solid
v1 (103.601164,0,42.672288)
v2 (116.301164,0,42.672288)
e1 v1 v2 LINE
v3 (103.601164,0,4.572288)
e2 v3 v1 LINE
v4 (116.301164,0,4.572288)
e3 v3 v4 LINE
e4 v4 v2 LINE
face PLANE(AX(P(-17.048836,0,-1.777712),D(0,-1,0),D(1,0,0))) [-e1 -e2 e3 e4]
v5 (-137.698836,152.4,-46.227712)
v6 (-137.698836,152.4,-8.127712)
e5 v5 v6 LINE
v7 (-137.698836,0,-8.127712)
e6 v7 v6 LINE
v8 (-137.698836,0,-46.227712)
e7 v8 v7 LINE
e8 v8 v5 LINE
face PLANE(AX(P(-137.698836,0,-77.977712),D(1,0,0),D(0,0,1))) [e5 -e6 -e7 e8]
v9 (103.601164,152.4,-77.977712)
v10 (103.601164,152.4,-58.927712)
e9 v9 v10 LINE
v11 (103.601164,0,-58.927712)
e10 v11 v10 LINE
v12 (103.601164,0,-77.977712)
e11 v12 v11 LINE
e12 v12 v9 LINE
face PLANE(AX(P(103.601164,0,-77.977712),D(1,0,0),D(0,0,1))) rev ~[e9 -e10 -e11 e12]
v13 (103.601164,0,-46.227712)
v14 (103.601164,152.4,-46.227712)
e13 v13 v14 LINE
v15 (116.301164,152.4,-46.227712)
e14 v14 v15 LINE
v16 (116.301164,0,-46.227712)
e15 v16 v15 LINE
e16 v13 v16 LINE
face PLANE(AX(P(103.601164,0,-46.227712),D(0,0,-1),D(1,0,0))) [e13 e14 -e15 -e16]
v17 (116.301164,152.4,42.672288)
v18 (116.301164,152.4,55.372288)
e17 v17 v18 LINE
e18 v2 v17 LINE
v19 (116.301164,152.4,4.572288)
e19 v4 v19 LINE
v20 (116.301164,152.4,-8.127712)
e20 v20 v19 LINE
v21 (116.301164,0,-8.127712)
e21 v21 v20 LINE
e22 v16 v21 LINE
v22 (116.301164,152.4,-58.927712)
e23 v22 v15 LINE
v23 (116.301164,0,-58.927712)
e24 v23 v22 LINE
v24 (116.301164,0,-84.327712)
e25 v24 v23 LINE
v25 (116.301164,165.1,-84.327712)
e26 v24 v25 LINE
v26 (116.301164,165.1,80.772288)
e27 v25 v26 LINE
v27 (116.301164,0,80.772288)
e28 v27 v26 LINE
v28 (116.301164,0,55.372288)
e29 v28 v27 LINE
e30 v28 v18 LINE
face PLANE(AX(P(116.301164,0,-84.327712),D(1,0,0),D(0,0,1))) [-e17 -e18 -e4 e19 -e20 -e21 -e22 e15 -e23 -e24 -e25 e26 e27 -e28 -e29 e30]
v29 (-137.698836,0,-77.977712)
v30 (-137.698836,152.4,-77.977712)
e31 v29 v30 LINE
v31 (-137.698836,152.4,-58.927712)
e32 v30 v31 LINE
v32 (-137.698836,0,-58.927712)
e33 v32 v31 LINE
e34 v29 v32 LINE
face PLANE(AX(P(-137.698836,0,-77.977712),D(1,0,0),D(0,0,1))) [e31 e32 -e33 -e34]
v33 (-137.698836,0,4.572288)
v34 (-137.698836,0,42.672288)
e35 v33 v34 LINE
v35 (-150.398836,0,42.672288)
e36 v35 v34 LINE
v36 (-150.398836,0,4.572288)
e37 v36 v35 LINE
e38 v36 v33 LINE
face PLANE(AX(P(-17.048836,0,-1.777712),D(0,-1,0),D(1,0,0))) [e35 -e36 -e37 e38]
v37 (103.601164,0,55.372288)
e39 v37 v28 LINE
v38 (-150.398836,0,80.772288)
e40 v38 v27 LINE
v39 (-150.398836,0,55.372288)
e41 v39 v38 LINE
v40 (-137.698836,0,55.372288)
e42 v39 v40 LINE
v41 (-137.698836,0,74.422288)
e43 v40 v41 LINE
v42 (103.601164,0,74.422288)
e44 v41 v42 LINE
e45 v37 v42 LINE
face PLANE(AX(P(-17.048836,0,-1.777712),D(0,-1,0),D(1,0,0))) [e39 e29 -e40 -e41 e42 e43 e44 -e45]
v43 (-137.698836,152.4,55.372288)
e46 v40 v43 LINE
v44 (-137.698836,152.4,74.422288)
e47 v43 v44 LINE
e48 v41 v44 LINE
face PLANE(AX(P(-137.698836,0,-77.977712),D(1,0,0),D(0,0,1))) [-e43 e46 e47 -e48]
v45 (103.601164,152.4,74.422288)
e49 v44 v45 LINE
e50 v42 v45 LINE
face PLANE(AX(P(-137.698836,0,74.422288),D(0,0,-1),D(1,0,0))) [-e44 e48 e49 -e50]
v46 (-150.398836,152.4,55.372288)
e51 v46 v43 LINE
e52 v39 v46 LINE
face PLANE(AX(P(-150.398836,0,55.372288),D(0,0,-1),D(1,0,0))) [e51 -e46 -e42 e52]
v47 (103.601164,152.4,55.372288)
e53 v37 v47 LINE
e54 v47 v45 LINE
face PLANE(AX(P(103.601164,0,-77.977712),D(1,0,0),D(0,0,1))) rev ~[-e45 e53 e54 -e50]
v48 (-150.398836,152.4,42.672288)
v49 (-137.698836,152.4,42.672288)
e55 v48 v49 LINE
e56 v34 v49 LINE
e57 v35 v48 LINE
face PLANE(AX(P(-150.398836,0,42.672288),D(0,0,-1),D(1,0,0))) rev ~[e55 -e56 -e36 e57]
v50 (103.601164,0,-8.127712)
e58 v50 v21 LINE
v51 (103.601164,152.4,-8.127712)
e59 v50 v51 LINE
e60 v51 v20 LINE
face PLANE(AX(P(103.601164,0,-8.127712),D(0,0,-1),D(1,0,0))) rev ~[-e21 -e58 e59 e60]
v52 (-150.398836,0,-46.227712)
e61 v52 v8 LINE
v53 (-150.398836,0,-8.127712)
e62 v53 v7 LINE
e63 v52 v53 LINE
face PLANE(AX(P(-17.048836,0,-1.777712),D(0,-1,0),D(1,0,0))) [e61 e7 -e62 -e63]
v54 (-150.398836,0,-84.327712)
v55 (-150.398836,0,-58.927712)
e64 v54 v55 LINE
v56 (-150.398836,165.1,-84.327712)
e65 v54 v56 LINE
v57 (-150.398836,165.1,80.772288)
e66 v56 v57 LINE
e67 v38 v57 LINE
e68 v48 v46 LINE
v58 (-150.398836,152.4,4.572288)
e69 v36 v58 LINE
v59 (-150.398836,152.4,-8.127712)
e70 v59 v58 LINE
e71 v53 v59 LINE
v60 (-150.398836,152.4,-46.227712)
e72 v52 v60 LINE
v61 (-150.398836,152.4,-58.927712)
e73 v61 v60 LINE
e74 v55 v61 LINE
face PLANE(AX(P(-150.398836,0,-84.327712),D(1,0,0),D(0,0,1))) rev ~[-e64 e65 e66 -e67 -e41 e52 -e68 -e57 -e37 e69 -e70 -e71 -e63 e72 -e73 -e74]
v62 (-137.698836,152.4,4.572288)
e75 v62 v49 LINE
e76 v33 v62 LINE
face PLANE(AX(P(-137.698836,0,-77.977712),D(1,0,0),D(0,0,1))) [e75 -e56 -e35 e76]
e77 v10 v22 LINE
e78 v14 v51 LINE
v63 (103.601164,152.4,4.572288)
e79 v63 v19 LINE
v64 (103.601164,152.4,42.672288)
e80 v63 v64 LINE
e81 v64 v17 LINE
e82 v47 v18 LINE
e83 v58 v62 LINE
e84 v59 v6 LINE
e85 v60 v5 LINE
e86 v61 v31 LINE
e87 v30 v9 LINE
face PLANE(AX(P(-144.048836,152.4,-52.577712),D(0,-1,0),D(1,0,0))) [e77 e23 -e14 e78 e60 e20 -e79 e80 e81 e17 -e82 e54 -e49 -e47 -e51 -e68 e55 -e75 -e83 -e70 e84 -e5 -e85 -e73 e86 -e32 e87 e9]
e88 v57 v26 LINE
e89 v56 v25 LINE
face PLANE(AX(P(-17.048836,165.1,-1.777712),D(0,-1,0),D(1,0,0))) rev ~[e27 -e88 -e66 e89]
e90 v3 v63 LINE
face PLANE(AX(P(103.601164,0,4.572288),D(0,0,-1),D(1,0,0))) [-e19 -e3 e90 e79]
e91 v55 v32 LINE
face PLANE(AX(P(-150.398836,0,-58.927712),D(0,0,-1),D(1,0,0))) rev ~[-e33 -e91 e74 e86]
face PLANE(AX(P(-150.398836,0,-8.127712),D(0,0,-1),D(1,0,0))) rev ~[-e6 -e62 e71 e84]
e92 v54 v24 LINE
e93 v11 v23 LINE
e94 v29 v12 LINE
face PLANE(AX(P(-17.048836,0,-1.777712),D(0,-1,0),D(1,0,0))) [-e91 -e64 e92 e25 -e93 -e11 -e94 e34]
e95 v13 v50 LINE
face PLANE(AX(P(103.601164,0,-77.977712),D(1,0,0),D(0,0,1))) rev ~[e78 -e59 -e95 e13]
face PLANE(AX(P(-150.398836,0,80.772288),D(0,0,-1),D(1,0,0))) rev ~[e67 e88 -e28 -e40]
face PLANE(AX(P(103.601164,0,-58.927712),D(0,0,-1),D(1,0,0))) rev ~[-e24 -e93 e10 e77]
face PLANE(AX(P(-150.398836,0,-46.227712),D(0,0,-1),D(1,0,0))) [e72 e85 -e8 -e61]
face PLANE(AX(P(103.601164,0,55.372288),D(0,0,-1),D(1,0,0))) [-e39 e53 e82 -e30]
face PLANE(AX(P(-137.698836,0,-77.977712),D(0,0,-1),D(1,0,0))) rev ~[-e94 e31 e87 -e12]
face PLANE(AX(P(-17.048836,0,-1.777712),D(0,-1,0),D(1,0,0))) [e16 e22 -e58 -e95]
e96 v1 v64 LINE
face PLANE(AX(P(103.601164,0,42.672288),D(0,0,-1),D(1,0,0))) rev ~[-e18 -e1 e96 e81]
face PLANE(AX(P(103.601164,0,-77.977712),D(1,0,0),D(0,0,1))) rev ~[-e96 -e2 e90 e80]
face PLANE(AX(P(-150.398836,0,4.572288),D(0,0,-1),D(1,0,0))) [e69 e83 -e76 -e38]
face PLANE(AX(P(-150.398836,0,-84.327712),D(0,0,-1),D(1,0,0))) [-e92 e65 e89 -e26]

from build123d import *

# Parameters (mm, degrees)
F0_W     = 266.7
F0_H     = 165.1
F1_DEPTH = 165.1
F2_W     = 241.3
F2_H     = 152.4
F3_DEPTH = 152.4
F4_W     = 12.7
F4_H     = 12.7
F5_DEPTH = 152.4


with BuildPart() as f1:
    # F0 (on Front) → F1 (new body)
    with BuildSketch(Plane.XZ):
        with Locations((-17.048836, -1.777712)):
            Rectangle(F0_W, F0_H)
    extrude(amount=-F1_DEPTH)

    # F2 (on face) → F3 (cut)
    with BuildSketch(Plane.XZ):
        with Locations((-17.048836, -1.777712)):
            Rectangle(F2_W, F2_H)
    extrude(amount=-F3_DEPTH, mode=Mode.SUBTRACT)

    # F4 (on face) → F5 (cut)
    with BuildSketch(Plane.XZ):
        with Locations((-144.048836, -52.577712)):
            Rectangle(F4_W, F4_H)
        with Locations((-144.048836, -1.777712)):
            Rectangle(F4_W, F4_H)
        with Locations((-144.048836, 49.022288)):
            Rectangle(F4_W, F4_H)
        with Locations((109.951164, -52.577712)):
            Rectangle(F4_W, F4_H)
        with Locations((109.951164, -1.777712)):
            Rectangle(F4_W, F4_H)
        with Locations((109.951164, 49.022288)):
            Rectangle(F4_W, F4_H)
    extrude(amount=-F5_DEPTH, mode=Mode.SUBTRACT)


solid = f1.part
